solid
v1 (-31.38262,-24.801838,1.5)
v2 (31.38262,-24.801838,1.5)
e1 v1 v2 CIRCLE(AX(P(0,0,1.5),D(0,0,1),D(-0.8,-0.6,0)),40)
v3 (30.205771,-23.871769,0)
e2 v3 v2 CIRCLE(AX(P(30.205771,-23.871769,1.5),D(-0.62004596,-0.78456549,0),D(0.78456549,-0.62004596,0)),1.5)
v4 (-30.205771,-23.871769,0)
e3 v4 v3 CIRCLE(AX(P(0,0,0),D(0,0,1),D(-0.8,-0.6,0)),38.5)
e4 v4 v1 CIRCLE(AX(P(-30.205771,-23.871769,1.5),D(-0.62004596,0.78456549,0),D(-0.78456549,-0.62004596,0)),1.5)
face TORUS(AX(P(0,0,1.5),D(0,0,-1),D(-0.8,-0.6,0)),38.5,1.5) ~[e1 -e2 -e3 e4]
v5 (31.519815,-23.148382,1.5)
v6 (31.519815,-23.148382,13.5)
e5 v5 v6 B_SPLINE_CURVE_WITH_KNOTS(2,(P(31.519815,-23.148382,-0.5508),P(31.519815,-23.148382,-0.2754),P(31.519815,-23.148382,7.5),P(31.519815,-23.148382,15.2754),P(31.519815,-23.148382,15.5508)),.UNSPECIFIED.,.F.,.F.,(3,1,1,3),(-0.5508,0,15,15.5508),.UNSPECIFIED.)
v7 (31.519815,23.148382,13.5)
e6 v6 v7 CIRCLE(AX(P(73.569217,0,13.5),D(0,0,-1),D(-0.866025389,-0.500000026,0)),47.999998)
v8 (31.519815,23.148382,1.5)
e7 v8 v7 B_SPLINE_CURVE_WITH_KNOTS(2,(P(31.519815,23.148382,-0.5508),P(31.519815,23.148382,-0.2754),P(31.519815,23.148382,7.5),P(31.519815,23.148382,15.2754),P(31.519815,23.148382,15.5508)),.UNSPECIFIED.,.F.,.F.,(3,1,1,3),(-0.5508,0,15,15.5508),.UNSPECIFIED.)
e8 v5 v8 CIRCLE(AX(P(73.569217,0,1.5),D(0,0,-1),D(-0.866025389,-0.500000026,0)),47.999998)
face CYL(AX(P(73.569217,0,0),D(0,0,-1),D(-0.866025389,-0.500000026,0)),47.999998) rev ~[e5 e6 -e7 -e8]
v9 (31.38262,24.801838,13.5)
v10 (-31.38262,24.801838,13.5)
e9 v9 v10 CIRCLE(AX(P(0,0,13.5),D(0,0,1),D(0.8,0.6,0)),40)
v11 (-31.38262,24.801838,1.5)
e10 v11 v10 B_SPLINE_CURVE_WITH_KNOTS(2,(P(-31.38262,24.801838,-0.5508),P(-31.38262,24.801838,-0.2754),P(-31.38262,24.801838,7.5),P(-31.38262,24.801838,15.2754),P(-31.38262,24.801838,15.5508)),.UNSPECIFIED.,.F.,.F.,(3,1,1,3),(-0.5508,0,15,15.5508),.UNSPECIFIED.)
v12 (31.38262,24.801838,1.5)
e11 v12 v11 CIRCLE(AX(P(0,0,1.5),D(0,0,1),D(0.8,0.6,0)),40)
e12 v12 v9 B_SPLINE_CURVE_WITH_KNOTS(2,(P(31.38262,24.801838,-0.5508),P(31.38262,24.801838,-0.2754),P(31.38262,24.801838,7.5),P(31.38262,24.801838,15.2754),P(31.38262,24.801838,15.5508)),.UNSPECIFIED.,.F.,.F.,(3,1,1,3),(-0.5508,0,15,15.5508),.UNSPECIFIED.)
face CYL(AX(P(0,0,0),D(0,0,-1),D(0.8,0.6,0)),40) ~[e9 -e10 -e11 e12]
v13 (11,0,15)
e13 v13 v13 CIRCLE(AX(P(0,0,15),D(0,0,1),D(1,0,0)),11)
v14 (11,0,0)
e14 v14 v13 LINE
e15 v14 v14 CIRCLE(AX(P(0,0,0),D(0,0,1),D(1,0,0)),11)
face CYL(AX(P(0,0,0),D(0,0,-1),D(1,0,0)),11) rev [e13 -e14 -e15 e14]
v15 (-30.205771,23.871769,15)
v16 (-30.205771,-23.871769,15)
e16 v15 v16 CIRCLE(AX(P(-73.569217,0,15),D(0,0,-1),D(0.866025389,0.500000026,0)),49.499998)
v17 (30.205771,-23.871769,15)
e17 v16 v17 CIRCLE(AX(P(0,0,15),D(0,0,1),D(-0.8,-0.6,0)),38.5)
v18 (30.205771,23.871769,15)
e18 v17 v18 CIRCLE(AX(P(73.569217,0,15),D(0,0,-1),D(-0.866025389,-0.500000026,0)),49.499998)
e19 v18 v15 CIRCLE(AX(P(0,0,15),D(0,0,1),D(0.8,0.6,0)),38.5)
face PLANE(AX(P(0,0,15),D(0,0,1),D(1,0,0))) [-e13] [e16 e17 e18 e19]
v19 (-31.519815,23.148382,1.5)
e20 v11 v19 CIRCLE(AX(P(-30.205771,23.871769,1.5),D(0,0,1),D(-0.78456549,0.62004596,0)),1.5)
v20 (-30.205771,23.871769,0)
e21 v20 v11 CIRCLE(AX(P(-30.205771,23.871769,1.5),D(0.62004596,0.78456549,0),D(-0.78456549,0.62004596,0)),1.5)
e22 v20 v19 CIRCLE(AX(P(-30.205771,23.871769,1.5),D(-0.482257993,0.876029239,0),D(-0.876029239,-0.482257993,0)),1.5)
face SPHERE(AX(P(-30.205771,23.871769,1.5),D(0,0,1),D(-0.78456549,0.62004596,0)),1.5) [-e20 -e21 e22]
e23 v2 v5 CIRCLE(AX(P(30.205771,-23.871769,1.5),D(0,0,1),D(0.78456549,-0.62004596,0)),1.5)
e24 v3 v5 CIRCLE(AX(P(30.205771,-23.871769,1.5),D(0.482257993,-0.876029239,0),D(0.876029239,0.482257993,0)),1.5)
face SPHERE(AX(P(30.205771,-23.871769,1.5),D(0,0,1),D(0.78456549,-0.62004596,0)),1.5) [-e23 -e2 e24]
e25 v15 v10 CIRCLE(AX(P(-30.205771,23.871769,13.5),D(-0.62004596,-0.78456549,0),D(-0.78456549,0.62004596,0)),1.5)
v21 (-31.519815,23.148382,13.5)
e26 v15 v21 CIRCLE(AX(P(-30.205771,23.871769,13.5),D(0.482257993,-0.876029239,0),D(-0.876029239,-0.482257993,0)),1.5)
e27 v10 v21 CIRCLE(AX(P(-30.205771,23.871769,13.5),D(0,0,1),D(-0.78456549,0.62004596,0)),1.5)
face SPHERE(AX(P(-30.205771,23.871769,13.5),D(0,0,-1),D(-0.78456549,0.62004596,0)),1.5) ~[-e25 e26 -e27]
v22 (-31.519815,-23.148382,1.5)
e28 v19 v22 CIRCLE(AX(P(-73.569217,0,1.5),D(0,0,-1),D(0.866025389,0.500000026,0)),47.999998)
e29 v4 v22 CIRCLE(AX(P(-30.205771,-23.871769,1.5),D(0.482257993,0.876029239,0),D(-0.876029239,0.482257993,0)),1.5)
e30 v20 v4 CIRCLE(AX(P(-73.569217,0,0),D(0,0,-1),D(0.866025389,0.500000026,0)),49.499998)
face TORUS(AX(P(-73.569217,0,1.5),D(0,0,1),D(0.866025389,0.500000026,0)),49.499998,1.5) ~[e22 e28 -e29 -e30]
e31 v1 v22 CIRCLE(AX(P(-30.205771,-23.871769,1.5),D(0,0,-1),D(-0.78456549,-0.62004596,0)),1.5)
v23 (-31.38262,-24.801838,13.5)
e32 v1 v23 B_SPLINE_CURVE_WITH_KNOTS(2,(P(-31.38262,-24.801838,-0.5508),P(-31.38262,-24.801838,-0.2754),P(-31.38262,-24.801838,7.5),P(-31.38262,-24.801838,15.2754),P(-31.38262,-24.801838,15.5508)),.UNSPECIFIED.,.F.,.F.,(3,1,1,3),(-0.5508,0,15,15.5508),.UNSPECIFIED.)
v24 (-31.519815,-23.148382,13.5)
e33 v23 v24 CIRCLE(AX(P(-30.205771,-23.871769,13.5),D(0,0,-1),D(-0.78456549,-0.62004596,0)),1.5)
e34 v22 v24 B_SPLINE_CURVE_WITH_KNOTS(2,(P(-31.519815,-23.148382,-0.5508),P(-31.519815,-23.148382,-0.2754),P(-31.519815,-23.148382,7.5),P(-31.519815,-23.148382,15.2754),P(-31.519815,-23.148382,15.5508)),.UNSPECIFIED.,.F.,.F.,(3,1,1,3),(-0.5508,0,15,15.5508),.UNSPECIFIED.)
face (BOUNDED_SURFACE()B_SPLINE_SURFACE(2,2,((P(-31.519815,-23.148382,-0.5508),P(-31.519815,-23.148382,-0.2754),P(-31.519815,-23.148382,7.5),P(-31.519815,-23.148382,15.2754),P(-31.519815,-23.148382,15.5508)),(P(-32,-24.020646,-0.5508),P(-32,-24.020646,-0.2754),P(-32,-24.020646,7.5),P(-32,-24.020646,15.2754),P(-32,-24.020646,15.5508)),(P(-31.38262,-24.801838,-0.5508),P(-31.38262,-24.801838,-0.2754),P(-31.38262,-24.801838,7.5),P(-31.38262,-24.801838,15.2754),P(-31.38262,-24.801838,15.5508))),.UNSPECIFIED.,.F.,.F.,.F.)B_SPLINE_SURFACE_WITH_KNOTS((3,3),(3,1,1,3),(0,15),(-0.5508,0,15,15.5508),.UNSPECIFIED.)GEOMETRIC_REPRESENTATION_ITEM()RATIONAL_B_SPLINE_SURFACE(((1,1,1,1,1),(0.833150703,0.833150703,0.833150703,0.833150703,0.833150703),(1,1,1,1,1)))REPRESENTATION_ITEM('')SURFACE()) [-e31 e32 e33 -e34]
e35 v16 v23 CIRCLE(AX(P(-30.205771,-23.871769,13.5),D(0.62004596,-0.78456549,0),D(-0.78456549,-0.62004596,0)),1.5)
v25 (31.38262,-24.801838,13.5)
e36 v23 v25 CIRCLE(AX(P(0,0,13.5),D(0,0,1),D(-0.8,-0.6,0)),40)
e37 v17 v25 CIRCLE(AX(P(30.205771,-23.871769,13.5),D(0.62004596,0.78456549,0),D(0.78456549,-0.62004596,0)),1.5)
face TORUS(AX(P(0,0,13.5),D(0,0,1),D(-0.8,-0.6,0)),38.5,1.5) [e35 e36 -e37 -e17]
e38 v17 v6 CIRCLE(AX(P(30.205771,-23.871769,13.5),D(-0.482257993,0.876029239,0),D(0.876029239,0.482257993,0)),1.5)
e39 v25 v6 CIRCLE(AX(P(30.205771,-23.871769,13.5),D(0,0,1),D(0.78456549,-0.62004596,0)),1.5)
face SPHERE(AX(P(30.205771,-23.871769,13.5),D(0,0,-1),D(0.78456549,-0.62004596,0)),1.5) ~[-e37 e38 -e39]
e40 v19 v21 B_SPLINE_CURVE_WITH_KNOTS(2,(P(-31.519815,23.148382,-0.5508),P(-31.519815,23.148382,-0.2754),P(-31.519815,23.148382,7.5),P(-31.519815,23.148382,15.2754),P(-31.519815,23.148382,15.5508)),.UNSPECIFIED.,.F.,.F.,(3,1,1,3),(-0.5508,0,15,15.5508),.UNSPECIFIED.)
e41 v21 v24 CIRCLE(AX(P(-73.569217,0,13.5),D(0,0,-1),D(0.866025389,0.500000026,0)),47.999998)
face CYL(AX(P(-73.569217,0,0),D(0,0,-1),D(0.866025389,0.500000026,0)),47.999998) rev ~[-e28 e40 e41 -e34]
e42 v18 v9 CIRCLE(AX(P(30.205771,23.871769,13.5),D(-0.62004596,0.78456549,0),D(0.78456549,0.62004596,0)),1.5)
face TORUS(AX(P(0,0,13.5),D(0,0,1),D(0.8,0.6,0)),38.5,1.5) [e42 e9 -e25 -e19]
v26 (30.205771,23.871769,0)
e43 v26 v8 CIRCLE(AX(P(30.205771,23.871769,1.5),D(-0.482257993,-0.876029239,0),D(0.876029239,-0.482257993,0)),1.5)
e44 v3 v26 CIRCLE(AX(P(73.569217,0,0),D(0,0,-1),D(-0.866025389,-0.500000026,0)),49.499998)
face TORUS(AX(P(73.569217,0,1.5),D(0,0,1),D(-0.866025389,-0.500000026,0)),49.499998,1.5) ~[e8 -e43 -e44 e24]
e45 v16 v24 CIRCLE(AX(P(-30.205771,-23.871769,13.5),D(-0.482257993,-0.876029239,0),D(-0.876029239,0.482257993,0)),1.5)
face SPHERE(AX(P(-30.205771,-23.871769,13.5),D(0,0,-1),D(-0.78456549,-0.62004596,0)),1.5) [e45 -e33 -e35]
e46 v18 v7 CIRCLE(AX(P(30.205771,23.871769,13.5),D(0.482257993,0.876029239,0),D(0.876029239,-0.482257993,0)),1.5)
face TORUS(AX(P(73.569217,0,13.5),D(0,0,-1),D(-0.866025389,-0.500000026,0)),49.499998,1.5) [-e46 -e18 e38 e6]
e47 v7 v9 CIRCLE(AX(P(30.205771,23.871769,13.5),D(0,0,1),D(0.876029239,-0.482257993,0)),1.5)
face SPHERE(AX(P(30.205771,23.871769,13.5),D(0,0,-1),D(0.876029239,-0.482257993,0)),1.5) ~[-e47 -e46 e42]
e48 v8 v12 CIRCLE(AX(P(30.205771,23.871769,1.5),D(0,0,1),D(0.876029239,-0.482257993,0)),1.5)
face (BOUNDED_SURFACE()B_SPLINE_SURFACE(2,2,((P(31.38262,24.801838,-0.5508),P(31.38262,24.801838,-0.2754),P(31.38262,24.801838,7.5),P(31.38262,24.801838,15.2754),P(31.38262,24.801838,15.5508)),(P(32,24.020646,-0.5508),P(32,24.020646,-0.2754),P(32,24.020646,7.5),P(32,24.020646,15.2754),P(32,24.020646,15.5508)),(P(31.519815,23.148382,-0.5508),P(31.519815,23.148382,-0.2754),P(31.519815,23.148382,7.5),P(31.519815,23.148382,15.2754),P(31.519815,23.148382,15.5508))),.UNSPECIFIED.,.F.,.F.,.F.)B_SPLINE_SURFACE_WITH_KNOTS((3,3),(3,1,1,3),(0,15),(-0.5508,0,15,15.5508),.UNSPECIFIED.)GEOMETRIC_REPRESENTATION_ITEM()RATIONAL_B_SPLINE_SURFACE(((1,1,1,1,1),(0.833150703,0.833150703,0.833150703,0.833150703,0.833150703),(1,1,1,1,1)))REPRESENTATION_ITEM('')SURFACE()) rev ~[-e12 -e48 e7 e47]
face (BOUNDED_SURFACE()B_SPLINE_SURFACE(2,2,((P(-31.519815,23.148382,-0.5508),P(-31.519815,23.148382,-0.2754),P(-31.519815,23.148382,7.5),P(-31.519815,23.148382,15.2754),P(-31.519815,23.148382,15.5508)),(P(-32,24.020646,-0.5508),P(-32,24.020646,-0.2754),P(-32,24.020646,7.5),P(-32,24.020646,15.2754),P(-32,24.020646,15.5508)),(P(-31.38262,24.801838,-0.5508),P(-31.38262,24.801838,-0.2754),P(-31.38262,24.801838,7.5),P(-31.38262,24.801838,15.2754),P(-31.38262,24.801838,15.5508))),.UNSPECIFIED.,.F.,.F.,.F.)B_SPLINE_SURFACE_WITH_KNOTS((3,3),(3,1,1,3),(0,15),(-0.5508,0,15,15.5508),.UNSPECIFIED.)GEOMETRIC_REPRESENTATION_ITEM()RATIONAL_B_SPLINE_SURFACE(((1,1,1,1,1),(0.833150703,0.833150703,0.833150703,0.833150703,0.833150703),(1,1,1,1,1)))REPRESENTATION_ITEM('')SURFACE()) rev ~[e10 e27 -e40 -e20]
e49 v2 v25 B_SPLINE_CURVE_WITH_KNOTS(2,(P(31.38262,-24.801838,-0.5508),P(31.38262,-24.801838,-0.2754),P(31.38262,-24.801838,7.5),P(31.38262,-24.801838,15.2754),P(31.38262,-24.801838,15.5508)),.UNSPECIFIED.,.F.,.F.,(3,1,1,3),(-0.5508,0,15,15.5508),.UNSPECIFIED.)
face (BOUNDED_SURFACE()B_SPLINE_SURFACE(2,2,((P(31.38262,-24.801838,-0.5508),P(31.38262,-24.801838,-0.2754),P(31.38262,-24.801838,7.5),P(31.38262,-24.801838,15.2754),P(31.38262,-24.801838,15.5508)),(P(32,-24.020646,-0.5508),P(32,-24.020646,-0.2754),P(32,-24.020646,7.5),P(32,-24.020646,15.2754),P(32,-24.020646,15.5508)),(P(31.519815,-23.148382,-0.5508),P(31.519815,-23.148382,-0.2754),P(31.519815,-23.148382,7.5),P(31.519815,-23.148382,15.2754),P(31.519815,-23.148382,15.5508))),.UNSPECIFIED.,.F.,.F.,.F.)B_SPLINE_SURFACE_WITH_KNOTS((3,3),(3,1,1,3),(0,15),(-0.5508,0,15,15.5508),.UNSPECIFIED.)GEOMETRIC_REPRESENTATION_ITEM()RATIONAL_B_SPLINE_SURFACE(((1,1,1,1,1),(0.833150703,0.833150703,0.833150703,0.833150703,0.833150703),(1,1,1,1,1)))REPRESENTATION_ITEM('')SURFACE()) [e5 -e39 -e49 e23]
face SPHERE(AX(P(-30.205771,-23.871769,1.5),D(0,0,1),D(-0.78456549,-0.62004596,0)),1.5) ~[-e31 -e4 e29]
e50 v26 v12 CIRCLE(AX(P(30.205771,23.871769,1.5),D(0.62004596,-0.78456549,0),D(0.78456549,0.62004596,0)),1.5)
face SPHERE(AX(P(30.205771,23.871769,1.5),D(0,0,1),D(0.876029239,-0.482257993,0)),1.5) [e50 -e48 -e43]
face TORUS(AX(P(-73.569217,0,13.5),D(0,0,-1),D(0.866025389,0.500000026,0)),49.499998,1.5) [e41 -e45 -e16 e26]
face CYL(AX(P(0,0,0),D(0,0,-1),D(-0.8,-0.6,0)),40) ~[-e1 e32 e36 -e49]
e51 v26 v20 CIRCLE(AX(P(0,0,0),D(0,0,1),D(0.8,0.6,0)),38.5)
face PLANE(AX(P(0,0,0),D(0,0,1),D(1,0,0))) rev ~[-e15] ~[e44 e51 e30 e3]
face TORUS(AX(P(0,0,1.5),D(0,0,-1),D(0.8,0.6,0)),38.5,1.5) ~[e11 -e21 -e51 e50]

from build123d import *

# Parameters (mm, degrees)
F0_R     = 11
F1_DEPTH = 15
F2_R     = 1.5


with BuildPart() as f1:
    # F0 (on Top) → F1 (new body)
    with BuildSketch(Plane.XY):
        with BuildLine():
            ThreePointArc((-32, 24), (-25.569219, 0), (-32, -24))
            ThreePointArc((-32, -24), (0, -40), (32, -24))
            ThreePointArc((32, -24), (25.569219, 0), (32, 24))
            ThreePointArc((32, 24), (0, 40), (-32, 24))
        make_face()
        Circle(F0_R, mode=Mode.SUBTRACT)
    extrude(amount=F1_DEPTH)

    # F2
    f2_edges = [f1.edges().sort_by_distance(p)[0] for p in [
        (-32, -24, 7.5),
        (32, -24, 7.5),
        (0, -40, 0),
        (0, -40, 15),
        (32, 24, 7.5),
        (25.569219, 0, 0),
        (25.569219, 0, 15),
        (-32, 24, 7.5),
        (0, 40, 0),
        (0, 40, 15),
        (-25.569219, 0, 0),
        (-25.569219, 0, 15),
    ]]
    fillet(f2_edges, radius=F2_R)


solid = f1.part
